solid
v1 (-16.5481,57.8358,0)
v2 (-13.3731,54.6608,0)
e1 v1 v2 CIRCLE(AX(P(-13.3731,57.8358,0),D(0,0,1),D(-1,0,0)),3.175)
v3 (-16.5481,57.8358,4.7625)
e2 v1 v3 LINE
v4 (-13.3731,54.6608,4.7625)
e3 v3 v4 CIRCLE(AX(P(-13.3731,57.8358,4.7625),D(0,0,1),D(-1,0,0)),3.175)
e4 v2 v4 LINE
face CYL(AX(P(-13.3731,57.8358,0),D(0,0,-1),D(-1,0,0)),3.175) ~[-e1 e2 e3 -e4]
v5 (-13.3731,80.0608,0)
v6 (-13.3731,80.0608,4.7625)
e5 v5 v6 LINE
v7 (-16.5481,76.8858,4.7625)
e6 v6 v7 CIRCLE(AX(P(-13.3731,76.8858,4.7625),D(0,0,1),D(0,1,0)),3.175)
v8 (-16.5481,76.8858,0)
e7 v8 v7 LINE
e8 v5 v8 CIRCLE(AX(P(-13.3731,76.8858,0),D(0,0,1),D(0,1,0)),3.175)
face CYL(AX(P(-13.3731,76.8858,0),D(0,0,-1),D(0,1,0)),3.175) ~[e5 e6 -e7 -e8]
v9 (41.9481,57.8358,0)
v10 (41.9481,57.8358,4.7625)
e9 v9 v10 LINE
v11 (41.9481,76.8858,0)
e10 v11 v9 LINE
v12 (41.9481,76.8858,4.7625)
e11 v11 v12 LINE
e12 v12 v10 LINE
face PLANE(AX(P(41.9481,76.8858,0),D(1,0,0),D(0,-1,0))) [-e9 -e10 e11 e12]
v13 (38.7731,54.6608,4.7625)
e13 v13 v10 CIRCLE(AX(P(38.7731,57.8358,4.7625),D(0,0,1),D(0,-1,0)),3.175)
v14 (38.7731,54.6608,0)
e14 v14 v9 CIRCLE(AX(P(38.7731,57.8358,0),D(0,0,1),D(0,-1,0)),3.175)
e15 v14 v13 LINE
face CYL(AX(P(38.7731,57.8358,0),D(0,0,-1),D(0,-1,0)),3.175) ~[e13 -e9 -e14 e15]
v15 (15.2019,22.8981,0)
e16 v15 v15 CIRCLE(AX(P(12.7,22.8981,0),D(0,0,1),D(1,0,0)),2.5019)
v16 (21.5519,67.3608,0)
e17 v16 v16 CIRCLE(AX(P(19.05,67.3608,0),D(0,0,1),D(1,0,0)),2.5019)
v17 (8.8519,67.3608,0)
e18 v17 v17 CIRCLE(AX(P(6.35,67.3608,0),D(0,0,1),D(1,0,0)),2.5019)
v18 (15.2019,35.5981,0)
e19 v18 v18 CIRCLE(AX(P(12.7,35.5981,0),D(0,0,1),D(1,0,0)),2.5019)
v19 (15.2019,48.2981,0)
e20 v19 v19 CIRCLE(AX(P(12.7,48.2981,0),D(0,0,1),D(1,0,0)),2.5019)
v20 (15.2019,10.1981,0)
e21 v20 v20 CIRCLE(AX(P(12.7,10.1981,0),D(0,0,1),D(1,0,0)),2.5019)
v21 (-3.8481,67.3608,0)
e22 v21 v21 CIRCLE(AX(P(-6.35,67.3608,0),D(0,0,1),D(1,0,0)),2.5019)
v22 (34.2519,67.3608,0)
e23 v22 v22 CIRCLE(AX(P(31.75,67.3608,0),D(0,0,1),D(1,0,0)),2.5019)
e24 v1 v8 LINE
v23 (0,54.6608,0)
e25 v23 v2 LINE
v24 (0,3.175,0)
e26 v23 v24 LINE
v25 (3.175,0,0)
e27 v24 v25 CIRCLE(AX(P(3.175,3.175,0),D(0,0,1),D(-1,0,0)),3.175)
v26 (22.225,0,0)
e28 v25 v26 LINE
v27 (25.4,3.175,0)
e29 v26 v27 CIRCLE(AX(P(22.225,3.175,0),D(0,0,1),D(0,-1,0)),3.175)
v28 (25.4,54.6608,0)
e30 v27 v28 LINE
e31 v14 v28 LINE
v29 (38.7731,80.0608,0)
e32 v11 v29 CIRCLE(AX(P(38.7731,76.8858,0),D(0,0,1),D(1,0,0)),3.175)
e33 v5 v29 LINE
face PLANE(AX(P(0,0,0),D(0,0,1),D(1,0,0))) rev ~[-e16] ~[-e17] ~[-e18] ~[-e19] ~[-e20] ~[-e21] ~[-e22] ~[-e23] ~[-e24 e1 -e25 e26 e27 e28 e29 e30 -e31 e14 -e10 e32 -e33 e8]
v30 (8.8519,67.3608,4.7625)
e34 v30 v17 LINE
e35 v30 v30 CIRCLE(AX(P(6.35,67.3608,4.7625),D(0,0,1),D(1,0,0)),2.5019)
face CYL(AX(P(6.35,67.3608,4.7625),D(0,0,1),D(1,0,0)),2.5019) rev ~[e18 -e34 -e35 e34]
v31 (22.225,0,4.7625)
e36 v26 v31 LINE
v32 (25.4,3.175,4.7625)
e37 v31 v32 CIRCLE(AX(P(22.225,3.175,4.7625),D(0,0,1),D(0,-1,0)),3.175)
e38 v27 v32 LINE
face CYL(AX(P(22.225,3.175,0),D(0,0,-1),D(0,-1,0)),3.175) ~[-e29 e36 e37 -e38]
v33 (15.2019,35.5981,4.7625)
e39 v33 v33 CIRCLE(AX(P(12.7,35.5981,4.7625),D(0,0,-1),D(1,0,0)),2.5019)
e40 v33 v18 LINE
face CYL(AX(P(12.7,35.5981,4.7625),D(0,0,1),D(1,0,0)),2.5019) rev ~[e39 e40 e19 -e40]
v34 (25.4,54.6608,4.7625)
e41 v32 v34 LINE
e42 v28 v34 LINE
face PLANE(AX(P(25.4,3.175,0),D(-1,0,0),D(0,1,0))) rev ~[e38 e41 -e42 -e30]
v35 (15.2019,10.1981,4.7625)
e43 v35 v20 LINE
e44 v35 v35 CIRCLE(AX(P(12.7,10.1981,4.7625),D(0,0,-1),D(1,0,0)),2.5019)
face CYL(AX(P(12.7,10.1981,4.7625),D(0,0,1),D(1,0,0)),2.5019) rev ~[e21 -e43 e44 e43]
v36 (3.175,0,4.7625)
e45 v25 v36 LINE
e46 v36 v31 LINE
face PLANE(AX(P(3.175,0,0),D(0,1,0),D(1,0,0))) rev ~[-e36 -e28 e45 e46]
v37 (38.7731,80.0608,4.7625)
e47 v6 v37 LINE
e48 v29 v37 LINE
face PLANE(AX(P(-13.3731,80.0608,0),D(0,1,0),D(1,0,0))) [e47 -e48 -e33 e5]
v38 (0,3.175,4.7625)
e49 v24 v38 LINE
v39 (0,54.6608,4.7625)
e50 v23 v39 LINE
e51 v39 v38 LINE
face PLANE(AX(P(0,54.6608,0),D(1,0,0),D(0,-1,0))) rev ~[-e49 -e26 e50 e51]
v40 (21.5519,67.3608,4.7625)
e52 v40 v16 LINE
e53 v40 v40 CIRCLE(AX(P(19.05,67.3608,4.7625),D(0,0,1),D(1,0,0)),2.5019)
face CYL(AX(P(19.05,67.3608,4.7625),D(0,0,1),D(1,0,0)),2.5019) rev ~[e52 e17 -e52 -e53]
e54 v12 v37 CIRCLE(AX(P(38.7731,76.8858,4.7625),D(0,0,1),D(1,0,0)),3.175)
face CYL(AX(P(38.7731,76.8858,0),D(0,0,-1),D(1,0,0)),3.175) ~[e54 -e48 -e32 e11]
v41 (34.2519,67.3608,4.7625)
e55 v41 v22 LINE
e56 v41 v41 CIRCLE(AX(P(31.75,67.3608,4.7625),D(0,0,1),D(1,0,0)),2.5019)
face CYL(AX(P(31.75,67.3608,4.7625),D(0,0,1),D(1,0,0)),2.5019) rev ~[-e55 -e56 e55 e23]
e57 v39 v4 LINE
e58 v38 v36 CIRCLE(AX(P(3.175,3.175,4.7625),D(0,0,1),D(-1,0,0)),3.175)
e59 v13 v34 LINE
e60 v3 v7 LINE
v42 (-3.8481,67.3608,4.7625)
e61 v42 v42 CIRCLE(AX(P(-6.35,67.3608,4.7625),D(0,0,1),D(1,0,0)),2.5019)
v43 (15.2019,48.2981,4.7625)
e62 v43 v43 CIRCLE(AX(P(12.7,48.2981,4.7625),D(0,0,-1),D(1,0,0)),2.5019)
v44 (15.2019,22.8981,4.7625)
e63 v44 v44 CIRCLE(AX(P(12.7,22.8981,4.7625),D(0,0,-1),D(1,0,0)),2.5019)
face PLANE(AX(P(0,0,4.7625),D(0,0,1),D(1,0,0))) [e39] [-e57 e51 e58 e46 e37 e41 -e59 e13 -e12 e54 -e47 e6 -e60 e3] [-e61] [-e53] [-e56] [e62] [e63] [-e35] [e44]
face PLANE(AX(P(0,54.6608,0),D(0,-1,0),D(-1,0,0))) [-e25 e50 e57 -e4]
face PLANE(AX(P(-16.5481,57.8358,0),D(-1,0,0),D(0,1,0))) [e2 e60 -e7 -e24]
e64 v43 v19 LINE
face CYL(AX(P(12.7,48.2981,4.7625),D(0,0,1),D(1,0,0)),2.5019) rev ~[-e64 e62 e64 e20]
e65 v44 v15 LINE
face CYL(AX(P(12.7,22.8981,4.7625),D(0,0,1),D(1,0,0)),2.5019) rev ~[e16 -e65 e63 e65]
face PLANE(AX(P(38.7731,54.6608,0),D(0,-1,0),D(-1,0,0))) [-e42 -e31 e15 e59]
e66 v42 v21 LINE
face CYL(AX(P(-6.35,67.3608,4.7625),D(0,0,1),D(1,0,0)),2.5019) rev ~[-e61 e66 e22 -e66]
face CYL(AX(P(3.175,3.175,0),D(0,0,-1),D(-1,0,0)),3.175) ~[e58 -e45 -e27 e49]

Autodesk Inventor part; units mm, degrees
ref_plane "YZ Plane" through (0, 0, 0) normal (1, 0, 0) x (0, 1, 0)
ref_plane "XZ Plane" through (0, 0, 0) normal (0, 1, 0) x (-1, 0, 0)
ref_plane "XY Plane" through (0, 0, 0) normal (0, 0, 1) x (1, 0, 0)
sketch "Sketch1" plane through (0, 0, 0) normal (0, 0, 1) x (1, 0, 0)
  line L0 (3.175, 0) -> (22.225, 0)
  line L1 (25.4, 3.175) -> (25.4, 54.6608)
  line L2 (0, 54.6608) -> (0, 3.175)
  line L3 (0, 54.6608) -> (-13.3731, 54.6608)
  line L4 (-16.5481, 57.8358) -> (-16.5481, 76.8858)
  line L5 (-13.3731, 80.0608) -> (38.7731, 80.0608)
  line L6 (41.9481, 76.8858) -> (41.9481, 57.8358)
  line L7 (38.7731, 54.6608) -> (25.4, 54.6608)
  arc A0 (-13.3731, 80.0608) -> (-16.5481, 76.8858) centre (-13.3731, 76.8858) ccw
  arc A1 (41.9481, 76.8858) -> (38.7731, 80.0608) centre (38.7731, 76.8858) ccw
  arc A2 (0, 3.175) -> (3.175, 0) centre (3.175, 3.175) ccw
  arc A3 (22.225, 0) -> (25.4, 3.175) centre (22.225, 3.175) ccw
  arc A4 (-16.5481, 57.8358) -> (-13.3731, 54.6608) centre (-13.3731, 57.8358) ccw
  arc A5 (38.7731, 54.6608) -> (41.9481, 57.8358) centre (38.7731, 57.8358) ccw
  point P0 (0, 0)
  point P1 (25.4, 0)
  point P2 (-16.5481, 54.6608)
  point P3 (-16.5481, 80.0608)
  point P4 (41.9481, 80.0608)
  point P5 (41.9481, 54.6608)
  dimension "d0" = 25.4
  dimension "d1" = 54.6608
  dimension "d2" = 16.5481
  dimension "d3" = 25.4
  dimension "d4" = 58.4962
  dimension "d5" = 25.4
  dimension "d6" = 16.5481
  dimension "d31" = 3.175
extrude "Extrusion1" add sketch "Sketch1" along normal blind 4.7625
sketch "Sketch2" plane through (0, 0, 4.7625) normal (0, 0, 1) x (1, 0, 0)
  line L0 (3.175, 0) -> (22.225, 0) projected
  line L1 (25.4, 3.175) -> (25.4, 54.6608) projected
  line L2 (25.4, 54.6608) -> (38.7731, 54.6608) projected
  line L3 (41.9481, 57.8358) -> (41.9481, 76.8858) projected
  line L4 (38.7731, 80.0608) -> (-13.3731, 80.0608) projected
  line L5 (-16.5481, 76.8858) -> (-16.5481, 57.8358) projected
  line L6 (-13.3731, 54.6608) -> (0, 54.6608) projected
  line L7 (0, 54.6608) -> (0, 3.175) projected
  circle A0 centre (-6.35, 67.3608) radius 2.5019
  circle A1 centre (6.35, 67.3608) radius 2.5019
  circle A2 centre (19.05, 67.3608) radius 2.5019
  circle A3 centre (31.75, 67.3608) radius 2.5019
  line L8 (34.2519, 67.3608) -> (41.9481, 67.3608)
  line L9 (0, 54.6608) -> (25.4, 54.6608)
  circle A4 centre (12.7, 48.2981) radius 2.5019
  circle A5 centre (12.7, 35.5981) radius 2.5019
  circle A6 centre (12.7, 22.8981) radius 2.5019
  circle A7 centre (12.7, 10.1981) radius 2.5019
  line L10 (12.7, 54.6608) -> (12.7, 50.8)
  line L11 (25.4, 3.175) -> (25.4, 54.6608) projected
  line L12 (12.7, 45.7962) -> (12.7, 38.1)
  line L13 (12.7, 33.0962) -> (12.7, 25.4)
  line L14 (12.7, 20.3962) -> (12.7, 12.7)
  arc A8 (-16.5481, 57.8358) -> (-13.3731, 54.6608) centre (-13.3731, 57.8358) ccw projected
  arc A9 (0, 3.175) -> (3.175, 0) centre (3.175, 3.175) ccw projected
  arc A10 (22.225, 0) -> (25.4, 3.175) centre (22.225, 3.175) ccw projected
  arc A11 (38.7731, 54.6608) -> (41.9481, 57.8358) centre (38.7731, 57.8358) ccw projected
  arc A12 (41.9481, 76.8858) -> (38.7731, 80.0608) centre (38.7731, 76.8858) ccw projected
  arc A13 (-13.3731, 80.0608) -> (-16.5481, 76.8858) centre (-13.3731, 76.8858) ccw projected
  point P0 (0, 0)
  point P1 (25.4, 0)
  dimension "d12" = 5.0038
  dimension "d24" = 5.0038
  dimension "d9" = 5.0038
  dimension "d10" = 5.0038
  dimension "d11" = 5.0038
  dimension "d13" = 12.7
  dimension "d20" = 7.6962
  dimension "d21" = 5.0038
  dimension "d22" = 5.0038
  dimension "d23" = 5.0038
  dimension "d25" = 3.8608
  dimension "d26" = 7.6962
  dimension "d27" = 7.6962
  dimension "d28" = 7.6962
extrude "Extrusion2" cut sketch "Sketch2" against normal through all contours A7 | A6 | A5 | A4 | A3 | A0 | A1 | A2
properties part number "DVBS_006_T-bracket1" material "Aluminum 6061"
